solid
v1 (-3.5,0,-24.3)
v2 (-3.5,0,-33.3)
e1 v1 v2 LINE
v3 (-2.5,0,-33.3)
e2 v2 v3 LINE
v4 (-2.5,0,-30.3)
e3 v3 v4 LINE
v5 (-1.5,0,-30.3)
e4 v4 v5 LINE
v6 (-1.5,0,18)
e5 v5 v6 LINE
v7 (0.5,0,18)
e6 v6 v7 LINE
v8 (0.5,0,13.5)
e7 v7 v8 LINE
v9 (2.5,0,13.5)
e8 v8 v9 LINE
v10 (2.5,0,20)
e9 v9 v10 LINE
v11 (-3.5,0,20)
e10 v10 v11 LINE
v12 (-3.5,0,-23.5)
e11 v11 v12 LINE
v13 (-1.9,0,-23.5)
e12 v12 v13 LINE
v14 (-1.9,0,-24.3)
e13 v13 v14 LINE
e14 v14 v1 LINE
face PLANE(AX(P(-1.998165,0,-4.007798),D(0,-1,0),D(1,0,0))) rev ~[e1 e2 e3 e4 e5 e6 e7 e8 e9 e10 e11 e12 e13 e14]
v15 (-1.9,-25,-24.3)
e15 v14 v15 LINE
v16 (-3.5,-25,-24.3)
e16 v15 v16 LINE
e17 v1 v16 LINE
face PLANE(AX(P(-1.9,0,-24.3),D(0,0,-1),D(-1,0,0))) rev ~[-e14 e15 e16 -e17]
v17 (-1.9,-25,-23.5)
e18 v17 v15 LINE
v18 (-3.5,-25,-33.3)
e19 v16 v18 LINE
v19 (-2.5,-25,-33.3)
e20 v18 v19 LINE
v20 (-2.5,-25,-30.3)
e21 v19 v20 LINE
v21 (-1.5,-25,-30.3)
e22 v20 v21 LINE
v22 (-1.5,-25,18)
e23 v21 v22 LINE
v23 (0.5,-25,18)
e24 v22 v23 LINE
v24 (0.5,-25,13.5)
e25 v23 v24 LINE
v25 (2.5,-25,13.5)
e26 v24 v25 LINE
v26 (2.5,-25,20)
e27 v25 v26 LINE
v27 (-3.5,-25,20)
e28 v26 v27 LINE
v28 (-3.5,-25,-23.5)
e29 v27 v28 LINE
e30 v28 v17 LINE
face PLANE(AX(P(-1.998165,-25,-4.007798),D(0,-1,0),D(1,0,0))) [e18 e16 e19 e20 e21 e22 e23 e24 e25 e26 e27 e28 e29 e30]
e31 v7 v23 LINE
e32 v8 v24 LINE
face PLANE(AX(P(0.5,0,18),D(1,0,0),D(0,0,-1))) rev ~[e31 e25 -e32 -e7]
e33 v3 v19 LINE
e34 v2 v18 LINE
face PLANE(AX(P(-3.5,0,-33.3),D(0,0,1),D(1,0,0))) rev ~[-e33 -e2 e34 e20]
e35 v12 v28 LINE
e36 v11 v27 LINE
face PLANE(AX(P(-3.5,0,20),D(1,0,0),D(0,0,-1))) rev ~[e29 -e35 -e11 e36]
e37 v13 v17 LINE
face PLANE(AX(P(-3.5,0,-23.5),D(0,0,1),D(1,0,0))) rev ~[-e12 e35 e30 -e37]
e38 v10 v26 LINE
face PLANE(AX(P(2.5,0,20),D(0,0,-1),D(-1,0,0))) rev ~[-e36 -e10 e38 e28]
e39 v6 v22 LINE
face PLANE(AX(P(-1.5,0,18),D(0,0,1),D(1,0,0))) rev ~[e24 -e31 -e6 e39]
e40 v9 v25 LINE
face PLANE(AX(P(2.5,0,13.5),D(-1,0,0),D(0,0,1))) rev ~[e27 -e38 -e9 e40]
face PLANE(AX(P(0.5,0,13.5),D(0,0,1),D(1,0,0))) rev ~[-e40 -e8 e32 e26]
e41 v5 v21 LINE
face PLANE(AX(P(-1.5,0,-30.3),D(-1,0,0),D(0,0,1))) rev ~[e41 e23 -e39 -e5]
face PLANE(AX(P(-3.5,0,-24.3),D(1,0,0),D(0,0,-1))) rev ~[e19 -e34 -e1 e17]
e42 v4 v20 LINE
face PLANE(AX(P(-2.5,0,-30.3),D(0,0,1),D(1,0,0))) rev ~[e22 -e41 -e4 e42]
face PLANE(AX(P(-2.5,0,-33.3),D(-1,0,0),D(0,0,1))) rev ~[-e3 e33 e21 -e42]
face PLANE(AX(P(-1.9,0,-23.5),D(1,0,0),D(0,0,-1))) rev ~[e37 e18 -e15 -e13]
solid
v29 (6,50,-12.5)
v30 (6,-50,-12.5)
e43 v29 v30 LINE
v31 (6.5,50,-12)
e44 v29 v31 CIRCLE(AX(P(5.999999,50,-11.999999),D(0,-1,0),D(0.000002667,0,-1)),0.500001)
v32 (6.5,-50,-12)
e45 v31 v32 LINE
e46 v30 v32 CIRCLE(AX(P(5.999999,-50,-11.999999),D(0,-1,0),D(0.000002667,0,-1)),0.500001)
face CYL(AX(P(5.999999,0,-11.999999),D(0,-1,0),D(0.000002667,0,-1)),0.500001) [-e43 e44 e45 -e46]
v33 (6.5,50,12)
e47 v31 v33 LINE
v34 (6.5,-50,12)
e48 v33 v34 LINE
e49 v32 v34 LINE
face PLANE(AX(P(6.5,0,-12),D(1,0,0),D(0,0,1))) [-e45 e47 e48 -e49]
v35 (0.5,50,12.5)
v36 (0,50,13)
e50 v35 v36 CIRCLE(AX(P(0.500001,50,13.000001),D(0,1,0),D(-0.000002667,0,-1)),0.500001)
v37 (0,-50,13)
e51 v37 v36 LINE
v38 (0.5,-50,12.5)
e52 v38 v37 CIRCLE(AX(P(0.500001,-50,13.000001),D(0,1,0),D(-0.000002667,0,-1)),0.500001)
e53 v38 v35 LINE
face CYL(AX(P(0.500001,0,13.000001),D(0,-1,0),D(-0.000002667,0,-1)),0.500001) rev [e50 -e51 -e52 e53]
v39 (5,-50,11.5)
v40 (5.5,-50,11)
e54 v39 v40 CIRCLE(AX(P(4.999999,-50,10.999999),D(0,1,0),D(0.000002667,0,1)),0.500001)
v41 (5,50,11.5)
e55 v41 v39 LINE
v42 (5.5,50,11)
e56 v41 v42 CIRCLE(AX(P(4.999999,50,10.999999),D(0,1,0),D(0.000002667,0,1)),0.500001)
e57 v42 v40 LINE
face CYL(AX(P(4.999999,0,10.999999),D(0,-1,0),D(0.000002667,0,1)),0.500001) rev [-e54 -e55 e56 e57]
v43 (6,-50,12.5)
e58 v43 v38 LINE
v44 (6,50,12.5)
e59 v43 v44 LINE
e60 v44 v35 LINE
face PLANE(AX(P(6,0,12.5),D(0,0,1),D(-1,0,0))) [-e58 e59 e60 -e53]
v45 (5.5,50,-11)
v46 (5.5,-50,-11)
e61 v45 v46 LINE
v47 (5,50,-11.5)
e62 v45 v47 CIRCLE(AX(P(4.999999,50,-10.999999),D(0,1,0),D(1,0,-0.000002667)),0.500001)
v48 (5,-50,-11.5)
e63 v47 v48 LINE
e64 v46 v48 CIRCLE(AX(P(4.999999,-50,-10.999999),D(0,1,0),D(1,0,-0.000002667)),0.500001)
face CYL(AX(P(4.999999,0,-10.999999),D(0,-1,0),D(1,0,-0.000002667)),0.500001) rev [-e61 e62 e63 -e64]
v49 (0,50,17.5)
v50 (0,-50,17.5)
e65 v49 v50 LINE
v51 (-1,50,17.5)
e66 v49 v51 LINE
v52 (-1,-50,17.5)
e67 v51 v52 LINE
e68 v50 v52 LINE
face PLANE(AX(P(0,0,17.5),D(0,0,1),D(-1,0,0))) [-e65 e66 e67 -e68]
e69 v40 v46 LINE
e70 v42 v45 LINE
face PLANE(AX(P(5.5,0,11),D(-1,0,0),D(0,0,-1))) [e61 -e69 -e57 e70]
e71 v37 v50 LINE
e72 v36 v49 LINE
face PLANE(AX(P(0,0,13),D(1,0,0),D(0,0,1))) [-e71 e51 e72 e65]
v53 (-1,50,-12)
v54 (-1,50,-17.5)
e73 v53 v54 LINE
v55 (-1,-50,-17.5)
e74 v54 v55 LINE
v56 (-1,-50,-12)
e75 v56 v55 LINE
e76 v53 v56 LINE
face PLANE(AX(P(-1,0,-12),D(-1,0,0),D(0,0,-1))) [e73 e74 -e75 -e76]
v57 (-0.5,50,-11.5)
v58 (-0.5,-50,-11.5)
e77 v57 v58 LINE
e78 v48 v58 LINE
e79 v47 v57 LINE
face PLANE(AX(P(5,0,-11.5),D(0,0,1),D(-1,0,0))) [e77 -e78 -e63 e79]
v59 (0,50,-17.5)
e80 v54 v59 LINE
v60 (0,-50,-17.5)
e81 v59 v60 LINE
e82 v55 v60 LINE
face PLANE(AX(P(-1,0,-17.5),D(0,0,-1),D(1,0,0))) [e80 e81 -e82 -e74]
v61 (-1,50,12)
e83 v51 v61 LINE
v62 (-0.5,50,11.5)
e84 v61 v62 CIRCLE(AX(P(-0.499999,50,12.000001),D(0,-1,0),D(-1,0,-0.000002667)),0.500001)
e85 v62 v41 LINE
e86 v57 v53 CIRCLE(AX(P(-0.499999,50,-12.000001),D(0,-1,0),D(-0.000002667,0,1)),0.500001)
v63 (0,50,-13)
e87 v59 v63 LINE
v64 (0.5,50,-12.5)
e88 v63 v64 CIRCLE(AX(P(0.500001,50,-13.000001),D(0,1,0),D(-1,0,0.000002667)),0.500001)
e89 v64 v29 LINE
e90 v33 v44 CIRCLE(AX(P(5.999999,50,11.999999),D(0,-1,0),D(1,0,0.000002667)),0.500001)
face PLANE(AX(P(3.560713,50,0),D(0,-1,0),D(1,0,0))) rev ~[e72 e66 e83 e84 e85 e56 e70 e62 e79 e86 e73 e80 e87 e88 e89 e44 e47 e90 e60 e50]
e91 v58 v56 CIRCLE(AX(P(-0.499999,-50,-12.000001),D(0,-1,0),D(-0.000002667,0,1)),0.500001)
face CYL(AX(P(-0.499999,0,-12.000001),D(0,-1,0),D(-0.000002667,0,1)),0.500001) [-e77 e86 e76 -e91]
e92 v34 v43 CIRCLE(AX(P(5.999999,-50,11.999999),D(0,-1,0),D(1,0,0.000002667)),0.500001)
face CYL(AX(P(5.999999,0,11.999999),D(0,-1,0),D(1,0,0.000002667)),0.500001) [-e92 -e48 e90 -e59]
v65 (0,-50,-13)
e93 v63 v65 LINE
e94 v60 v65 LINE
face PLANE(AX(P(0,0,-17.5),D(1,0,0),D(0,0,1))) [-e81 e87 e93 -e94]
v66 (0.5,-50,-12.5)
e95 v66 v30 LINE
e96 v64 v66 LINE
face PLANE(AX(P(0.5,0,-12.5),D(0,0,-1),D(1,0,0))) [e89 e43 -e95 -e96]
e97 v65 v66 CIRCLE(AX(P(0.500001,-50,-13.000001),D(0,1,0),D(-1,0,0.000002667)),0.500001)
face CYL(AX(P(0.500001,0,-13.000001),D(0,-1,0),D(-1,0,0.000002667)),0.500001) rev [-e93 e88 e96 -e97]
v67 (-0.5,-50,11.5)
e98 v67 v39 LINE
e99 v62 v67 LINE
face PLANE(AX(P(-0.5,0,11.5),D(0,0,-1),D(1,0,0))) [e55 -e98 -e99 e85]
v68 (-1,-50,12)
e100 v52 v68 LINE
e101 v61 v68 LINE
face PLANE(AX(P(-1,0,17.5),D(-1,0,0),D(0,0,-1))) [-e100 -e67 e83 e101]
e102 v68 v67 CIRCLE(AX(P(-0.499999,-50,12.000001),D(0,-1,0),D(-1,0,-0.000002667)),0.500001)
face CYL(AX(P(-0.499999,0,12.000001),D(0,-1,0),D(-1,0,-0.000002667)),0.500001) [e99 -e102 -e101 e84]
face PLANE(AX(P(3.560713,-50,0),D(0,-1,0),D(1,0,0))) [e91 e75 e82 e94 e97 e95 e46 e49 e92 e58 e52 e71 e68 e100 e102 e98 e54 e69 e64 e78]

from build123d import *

# Parameters (mm, degrees)
F1_DEPTH      = 50
F1_DEPTH_BACK = 50
F3_DEPTH      = 25


with BuildPart() as f1:
    # F0 (on Front) → F1 (new body, two sides)
    with BuildSketch(Plane.XZ) as f1_sk:
        with BuildLine():
            Line((0, 13), (0, 17.5))
            Line((0, 17.5), (-1, 17.5))
            Line((-1, 17.5), (-1, 12))
            ThreePointArc((-1, 12), (-0.853553, 11.646447), (-0.5, 11.5))
            Line((-0.5, 11.5), (5, 11.5))
            ThreePointArc((5, 11.5), (5.353553, 11.353553), (5.5, 11))
            Line((5.5, 11), (5.5, -11))
            ThreePointArc((5.5, -11), (5.353553, -11.353553), (5, -11.5))
            Line((5, -11.5), (-0.5, -11.5))
            ThreePointArc((-0.5, -11.5), (-0.853553, -11.646447), (-1, -12))
            Line((-1, -12), (-1, -17.5))
            Line((-1, -17.5), (0, -17.5))
            Line((0, -17.5), (0, -13))
            ThreePointArc((0, -13), (0.146447, -12.646447), (0.5, -12.5))
            Line((0.5, -12.5), (6, -12.5))
            ThreePointArc((6, -12.5), (6.353553, -12.353553), (6.5, -12))
            Line((6.5, -12), (6.5, 12))
            ThreePointArc((6.5, 12), (6.353553, 12.353553), (6, 12.5))
            Line((6, 12.5), (0.5, 12.5))
            ThreePointArc((0.5, 12.5), (0.146447, 12.646447), (0, 13))
        make_face()
    extrude(amount=F1_DEPTH)
    extrude(f1_sk.sketch, amount=-F1_DEPTH_BACK)


with BuildPart() as f3:
    # F2 (on Front) → F3 (new body)
    with BuildSketch(Plane.XZ):
        Polygon((0.5, 18), (0.5, 15.027218), (0.5, 13.5), (2.5, 13.5), (2.5, 20), (-3.5, 20), (-3.5, -23.5), (-1.9, -23.5), (-1.9, -24.3), (-3.5, -24.3), (-3.5, -30.3), (-3.5, -33.3), (-2.5, -33.3), (-2.5, -30.3), (-1.5, -30.3), (-1.5, -24.3), (-1.5, -23.5), (-1.5, 18), align=None)
    extrude(amount=F3_DEPTH)


solid = Compound([f1.part, f3.part])
